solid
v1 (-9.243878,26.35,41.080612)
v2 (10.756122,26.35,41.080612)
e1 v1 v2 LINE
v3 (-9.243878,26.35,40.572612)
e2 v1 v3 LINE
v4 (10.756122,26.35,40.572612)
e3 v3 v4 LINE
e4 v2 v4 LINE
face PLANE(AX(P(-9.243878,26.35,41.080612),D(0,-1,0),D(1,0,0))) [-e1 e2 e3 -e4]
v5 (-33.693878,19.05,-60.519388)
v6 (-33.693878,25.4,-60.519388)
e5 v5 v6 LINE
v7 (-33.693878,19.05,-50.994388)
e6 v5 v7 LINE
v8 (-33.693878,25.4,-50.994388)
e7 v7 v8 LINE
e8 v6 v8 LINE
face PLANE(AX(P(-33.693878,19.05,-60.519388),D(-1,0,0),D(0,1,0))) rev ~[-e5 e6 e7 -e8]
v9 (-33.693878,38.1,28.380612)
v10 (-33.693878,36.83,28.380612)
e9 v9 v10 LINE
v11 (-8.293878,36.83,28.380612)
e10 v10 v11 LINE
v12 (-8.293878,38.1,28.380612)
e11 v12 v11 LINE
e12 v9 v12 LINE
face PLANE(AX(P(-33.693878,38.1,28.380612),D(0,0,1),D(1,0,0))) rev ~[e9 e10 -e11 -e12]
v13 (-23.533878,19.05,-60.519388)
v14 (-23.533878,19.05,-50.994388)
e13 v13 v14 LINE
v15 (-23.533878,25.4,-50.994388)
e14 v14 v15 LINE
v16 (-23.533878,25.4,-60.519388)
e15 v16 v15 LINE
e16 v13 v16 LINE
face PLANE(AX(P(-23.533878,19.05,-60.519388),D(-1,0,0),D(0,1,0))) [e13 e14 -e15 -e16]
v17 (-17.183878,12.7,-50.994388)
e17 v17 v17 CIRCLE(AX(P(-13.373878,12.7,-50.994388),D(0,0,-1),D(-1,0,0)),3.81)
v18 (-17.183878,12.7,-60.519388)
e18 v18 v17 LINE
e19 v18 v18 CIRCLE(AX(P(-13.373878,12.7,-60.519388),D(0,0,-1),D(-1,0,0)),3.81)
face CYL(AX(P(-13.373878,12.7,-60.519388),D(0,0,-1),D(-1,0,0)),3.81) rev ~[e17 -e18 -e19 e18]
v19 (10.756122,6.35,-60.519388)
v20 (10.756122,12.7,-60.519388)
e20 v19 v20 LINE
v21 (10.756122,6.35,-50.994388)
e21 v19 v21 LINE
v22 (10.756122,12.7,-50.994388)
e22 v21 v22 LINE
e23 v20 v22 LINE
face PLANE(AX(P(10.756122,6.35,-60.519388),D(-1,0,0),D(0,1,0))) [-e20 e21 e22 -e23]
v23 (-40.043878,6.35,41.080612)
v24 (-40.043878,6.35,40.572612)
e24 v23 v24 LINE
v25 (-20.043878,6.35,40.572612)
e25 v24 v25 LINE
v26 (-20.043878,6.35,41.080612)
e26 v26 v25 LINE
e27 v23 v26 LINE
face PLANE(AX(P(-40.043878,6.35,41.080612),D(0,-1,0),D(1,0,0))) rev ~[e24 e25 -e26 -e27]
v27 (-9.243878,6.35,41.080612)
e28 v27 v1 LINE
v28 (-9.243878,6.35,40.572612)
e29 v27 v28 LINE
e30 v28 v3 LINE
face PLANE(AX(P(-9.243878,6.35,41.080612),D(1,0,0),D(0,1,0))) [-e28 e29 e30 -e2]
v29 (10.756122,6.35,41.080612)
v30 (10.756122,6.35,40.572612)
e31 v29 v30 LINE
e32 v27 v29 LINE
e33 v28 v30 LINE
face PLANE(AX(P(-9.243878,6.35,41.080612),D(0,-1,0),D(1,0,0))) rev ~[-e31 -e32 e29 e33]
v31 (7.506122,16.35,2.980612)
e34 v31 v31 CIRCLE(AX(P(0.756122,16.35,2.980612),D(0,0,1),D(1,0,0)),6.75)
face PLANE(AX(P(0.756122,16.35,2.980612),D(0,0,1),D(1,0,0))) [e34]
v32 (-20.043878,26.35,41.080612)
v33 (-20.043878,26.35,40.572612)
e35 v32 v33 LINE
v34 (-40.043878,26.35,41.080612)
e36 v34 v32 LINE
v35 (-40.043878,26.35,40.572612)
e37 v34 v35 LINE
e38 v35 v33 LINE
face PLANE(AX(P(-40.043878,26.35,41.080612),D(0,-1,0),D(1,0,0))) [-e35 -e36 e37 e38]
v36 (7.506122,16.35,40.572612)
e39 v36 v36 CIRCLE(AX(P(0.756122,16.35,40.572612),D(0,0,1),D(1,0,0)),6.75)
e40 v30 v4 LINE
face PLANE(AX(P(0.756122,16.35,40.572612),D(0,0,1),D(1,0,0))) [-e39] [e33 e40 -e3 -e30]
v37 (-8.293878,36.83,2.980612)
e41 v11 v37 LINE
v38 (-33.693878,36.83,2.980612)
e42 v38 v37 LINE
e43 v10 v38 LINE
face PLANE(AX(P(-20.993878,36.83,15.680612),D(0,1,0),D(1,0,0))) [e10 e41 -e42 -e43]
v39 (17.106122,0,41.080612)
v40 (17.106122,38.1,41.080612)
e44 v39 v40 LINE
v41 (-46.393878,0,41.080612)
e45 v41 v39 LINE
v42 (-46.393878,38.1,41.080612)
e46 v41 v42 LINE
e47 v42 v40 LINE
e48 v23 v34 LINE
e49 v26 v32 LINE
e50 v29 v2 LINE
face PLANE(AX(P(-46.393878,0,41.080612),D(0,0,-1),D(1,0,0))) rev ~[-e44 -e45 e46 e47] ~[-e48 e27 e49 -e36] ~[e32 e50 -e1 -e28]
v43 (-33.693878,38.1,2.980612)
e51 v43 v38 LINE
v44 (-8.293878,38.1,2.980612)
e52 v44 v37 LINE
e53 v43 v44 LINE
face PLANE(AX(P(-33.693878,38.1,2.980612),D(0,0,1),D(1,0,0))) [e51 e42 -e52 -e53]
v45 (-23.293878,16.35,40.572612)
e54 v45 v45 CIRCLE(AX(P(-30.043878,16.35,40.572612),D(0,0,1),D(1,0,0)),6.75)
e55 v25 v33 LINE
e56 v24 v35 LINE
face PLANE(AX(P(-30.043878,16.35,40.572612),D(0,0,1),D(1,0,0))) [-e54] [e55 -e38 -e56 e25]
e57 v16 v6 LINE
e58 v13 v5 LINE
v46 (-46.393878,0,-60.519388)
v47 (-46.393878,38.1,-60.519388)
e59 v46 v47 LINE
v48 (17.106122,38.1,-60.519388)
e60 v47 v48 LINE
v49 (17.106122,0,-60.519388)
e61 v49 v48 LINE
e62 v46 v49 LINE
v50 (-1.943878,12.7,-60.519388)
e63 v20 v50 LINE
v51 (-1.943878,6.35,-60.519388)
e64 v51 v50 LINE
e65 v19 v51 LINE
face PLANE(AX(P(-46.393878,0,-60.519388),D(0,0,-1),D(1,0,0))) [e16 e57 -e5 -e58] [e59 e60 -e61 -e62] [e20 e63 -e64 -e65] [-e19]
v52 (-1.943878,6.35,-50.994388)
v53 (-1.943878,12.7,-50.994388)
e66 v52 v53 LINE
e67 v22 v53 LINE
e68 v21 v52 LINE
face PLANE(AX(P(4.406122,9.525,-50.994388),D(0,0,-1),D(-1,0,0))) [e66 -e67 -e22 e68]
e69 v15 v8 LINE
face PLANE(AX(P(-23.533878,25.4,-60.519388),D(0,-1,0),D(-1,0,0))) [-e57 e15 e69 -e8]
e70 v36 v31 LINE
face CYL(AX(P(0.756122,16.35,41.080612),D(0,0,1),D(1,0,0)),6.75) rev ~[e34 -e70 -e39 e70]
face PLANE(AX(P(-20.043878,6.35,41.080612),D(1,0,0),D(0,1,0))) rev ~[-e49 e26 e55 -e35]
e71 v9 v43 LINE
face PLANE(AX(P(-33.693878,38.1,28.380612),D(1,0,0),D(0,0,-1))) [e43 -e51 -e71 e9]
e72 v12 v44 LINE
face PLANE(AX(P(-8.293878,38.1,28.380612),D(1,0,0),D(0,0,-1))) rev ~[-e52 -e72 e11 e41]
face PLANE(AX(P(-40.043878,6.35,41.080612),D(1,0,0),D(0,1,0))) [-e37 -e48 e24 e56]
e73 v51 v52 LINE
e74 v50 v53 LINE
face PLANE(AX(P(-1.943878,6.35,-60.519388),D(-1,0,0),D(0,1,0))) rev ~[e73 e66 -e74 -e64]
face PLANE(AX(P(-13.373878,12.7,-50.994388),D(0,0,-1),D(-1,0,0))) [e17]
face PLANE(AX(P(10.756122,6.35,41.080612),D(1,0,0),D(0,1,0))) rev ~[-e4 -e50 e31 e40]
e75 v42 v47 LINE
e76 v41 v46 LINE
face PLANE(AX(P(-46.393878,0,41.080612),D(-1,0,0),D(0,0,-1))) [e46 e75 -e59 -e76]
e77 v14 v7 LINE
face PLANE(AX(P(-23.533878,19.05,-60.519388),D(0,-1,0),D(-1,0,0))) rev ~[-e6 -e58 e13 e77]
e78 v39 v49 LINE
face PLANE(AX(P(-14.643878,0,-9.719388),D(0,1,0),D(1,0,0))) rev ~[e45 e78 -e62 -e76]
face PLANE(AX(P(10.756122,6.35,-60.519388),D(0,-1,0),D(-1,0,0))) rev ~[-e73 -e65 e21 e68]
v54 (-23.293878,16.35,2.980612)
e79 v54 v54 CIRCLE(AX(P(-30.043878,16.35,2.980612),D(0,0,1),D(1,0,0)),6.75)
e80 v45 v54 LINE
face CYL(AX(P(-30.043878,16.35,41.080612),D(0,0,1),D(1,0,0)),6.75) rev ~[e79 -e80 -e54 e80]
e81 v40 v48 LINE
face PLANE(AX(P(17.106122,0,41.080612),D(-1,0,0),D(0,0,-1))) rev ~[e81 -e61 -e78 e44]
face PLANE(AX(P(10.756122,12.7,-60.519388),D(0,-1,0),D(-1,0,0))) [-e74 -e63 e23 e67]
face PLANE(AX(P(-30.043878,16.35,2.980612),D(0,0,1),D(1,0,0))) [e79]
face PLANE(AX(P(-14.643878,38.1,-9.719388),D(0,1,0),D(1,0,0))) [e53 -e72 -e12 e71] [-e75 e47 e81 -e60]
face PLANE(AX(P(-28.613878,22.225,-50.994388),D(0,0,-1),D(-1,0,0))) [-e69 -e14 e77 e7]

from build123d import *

# Parameters (mm, degrees)
SKETCH1_W           = 63.5
SKETCH1_H           = 101.6
BOSS_EXTRUDE1_DEPTH = 38.1
SKETCH2_R           = 6.75
CUT_EXTRUDE1_DEPTH  = 38.1
SKETCH2_3_W         = 20
SKETCH2_3_H         = 20
SKETCH2_3_R         = 6.75
CUT_EXTRUDE2_DEPTH  = 0.508
SKETCH3_R           = 3.81
SKETCH3_W           = 10.16
SKETCH3_H           = 6.35
SKETCH3_W_2         = 12.7
CUT_EXTRUDE3_DEPTH  = 9.525
SKETCH5_W           = 25.4
SKETCH5_H           = 25.4
CUT_EXTRUDE4_DEPTH  = 1.27


with BuildPart() as part:
    # Sketch1 → Boss-Extrude1 (new body)
    with BuildSketch(Plane(origin=(0, 0, 0), x_dir=(1, 0, 0), z_dir=(0, 1, 0))):
        with Locations((-14.643877551, 9.719387755)):
            Rectangle(SKETCH1_W, SKETCH1_H)
    extrude(amount=BOSS_EXTRUDE1_DEPTH)

    # Sketch2 → Cut-Extrude1 (cut)
    with BuildSketch(Plane.XY.offset(41.080612245)):
        with Locations((-30.043877551, 16.35)):
            Circle(SKETCH2_R)
        with Locations((0.756122449, 16.35)):
            Circle(SKETCH2_R)
    extrude(amount=-CUT_EXTRUDE1_DEPTH, mode=Mode.SUBTRACT)

    # Sketch2<3> → Cut-Extrude2 (cut)
    # profile 1 of 2: a face of its own
    with BuildSketch(Plane.XY.offset(41.080612245)):
        with Locations((-30.043877551, 16.35)):
            Rectangle(SKETCH2_3_W, SKETCH2_3_H)
        with Locations((-30.043877551, 16.35)):
            Circle(SKETCH2_3_R, mode=Mode.SUBTRACT)
    # profile 2 of 2: a face of its own
    with BuildSketch(Plane.XY.offset(41.080612245)):
        with Locations((0.756122449, 16.35)):
            Rectangle(SKETCH2_3_W, SKETCH2_3_H)
        with Locations((0.756122449, 16.35)):
            Circle(SKETCH2_3_R, mode=Mode.SUBTRACT)
    extrude(amount=-CUT_EXTRUDE2_DEPTH, mode=Mode.SUBTRACT)

    # Sketch3 → Cut-Extrude3 (cut)
    with BuildSketch(Plane(origin=(0, 0, -60.519387755), x_dir=(-1, 0, 0), z_dir=(0, 0, -1))):
        with Locations((13.373877551, 12.7)):
            Circle(SKETCH3_R)
        with Locations((28.613877551, 22.225)):
            Rectangle(SKETCH3_W, SKETCH3_H)
        with Locations((-4.406122449, 9.525)):
            Rectangle(SKETCH3_W_2, SKETCH3_H)
    extrude(amount=-CUT_EXTRUDE3_DEPTH, mode=Mode.SUBTRACT)

    # Sketch5 → Cut-Extrude4 (cut)
    with BuildSketch(Plane(origin=(0, 38.1, 0), x_dir=(1, 0, 0), z_dir=(0, 1, 0))):
        with Locations((-20.993877551, -15.680612245)):
            Rectangle(SKETCH5_W, SKETCH5_H)
    extrude(amount=-CUT_EXTRUDE4_DEPTH, mode=Mode.SUBTRACT)


solid = part.part
